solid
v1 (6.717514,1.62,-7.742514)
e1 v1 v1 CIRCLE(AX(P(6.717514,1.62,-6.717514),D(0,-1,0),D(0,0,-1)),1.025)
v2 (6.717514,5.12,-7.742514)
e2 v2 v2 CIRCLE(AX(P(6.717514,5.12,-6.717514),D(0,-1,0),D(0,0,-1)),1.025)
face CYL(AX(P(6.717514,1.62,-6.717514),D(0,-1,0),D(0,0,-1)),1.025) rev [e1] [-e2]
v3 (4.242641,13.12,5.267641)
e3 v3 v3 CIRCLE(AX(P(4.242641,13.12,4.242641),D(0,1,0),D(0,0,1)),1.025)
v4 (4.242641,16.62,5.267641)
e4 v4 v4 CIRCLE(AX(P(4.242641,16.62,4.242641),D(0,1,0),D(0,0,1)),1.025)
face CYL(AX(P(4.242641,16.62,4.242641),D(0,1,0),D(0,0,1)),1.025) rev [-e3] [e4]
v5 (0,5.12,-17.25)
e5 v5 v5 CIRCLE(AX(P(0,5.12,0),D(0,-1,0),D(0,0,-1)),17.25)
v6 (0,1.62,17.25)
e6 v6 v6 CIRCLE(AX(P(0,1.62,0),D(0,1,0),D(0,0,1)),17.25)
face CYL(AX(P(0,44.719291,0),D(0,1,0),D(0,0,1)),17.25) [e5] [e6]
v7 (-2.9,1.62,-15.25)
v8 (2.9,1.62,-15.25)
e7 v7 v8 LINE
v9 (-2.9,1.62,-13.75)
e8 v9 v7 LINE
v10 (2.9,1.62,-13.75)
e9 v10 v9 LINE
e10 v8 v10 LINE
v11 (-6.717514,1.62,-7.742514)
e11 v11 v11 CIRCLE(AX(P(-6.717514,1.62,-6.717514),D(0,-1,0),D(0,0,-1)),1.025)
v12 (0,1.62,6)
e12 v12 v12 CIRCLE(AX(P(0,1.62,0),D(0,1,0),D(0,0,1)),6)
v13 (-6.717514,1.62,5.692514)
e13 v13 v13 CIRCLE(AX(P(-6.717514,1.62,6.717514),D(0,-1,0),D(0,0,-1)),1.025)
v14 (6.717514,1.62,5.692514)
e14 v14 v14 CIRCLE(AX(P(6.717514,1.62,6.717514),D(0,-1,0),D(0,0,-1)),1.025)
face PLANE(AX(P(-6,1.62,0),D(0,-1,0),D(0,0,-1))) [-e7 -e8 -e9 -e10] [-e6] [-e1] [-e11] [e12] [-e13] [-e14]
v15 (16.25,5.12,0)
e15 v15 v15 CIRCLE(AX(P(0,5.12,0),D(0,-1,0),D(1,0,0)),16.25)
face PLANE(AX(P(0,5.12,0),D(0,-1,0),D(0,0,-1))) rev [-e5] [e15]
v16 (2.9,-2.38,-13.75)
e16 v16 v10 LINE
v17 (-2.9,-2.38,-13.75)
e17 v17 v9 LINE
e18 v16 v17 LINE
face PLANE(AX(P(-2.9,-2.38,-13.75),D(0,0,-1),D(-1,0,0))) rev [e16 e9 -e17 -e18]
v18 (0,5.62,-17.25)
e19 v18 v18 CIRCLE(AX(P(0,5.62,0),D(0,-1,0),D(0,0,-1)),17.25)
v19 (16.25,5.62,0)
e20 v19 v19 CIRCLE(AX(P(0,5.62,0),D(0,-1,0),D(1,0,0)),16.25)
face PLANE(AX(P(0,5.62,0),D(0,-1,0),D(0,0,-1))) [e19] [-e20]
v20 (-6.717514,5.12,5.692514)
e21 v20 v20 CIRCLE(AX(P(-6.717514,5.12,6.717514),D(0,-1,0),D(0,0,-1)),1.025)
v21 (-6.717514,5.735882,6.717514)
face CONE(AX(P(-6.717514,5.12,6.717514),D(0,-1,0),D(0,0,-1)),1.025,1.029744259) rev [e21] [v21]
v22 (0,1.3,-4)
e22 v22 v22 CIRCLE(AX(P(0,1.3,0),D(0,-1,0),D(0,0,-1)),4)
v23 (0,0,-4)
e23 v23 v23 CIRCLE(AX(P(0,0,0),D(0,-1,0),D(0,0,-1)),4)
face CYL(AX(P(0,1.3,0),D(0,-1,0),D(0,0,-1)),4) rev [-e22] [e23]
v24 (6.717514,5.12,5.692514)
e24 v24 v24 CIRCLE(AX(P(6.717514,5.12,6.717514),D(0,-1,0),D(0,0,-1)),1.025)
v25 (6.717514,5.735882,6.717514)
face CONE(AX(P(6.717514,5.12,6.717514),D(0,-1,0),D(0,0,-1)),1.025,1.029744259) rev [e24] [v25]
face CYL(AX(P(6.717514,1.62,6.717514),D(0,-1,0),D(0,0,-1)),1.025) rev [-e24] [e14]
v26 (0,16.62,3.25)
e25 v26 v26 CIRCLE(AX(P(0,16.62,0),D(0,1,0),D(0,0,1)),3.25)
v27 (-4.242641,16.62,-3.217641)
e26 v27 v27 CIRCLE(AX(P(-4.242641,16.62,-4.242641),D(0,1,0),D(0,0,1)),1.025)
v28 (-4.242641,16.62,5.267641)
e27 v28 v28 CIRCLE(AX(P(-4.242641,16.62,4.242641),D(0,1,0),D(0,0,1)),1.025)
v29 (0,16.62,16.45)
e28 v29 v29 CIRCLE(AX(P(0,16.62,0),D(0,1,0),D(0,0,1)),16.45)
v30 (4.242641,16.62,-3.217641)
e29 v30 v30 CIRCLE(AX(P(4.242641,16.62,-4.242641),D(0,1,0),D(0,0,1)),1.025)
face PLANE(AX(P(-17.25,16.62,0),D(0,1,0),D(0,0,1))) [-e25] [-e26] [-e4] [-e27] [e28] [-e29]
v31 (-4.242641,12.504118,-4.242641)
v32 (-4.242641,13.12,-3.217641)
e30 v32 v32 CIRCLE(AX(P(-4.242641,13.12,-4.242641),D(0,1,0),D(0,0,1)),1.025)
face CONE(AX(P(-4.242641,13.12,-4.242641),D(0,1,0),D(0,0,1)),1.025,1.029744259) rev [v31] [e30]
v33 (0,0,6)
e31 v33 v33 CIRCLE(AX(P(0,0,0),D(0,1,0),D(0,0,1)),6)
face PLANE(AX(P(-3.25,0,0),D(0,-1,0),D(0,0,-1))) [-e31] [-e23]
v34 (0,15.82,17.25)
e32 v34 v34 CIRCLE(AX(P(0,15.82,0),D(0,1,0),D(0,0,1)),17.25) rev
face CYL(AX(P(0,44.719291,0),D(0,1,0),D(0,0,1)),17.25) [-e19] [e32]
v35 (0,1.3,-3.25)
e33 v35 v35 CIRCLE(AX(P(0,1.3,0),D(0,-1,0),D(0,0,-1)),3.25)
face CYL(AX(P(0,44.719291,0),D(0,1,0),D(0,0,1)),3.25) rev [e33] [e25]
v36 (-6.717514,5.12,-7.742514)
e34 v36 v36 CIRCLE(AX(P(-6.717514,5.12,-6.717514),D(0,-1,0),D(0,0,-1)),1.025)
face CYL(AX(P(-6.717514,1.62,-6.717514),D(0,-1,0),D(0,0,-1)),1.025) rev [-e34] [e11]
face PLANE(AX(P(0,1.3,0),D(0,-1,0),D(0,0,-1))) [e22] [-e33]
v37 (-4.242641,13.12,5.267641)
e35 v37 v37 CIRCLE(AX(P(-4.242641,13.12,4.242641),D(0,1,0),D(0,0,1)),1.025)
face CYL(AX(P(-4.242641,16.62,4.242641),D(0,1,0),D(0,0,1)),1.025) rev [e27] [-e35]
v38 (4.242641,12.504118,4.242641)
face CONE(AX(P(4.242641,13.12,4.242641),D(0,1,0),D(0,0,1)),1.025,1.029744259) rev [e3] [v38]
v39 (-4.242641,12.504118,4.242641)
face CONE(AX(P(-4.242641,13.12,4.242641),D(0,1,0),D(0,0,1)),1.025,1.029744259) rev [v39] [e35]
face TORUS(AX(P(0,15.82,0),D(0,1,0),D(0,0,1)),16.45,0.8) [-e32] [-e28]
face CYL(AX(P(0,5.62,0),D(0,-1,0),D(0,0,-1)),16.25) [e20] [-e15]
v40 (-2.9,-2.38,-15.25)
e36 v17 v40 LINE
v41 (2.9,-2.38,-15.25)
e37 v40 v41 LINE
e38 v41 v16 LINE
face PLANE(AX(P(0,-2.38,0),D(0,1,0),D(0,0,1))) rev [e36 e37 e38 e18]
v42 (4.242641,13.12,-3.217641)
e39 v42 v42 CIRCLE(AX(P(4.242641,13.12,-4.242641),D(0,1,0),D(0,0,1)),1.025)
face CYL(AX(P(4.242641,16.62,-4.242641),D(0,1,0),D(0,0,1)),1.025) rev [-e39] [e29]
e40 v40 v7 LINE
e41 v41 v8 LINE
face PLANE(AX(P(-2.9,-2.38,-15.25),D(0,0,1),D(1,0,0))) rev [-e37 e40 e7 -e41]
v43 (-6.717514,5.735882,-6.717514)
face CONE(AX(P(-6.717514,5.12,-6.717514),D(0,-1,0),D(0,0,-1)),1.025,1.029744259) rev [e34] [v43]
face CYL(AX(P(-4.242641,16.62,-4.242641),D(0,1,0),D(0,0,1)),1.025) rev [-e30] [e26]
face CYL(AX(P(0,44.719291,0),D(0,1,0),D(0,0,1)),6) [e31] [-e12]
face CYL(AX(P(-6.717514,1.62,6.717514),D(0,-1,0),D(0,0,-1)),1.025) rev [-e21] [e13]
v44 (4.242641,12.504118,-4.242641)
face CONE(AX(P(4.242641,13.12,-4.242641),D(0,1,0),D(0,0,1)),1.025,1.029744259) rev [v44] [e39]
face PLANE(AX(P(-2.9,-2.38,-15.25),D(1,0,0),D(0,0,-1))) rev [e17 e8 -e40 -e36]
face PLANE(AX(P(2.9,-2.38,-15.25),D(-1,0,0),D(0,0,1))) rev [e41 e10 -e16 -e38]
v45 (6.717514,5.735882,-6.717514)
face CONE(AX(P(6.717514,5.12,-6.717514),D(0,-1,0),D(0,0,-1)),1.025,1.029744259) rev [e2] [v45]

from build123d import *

# Parameters (mm, degrees)
CUT_EXTRUDE_START        = -3.5
SKETCH_4_R               = 17.25
SKETCH_4_R_2             = 16.25
CUT_EXTRUDE_1_DEPTH      = 0.5
HOLE_WIZARD_M2_5_2_D     = 2.05
HOLE_WIZARD_M2_5_2_DEPTH = 3.5
HOLE_WIZARD_M2_5_2_TIP   = 0.615882135
SKETCH_9_W               = 5.8
SKETCH_9_H               = 1.5
EXTRUDE_1_DEPTH          = 4
HOLE_WIZARD_M2_5_1_D     = 2.05
HOLE_WIZARD_M2_5_1_DEPTH = 3.5
HOLE_WIZARD_M2_5_1_TIP   = 0.615882135
FILLET_1_R               = 0.8
SKETCH_14_R              = 4
CUT_EXTRUDE_1_2_DEPTH    = 1.3


with BuildPart() as part:
    # 草图1 → 旋转1 (revolve)
    with BuildSketch(Plane.XY):
        Polygon((-6, 0), (-6, 1.62), (-17.25, 1.62), (-17.25, 16.62), (-3.25, 16.62), (-3.25, 0), align=None)
    revolve(axis=Axis((0, 44.719290515, 0), (0, -1, 0)))

    # 草图4 → Cut-Extrude 1 (cut)
    with BuildSketch(Plane.XZ.offset(-1.62).offset(CUT_EXTRUDE_START)):
        Circle(SKETCH_4_R)
        Circle(SKETCH_4_R_2, mode=Mode.SUBTRACT)
    extrude(amount=-CUT_EXTRUDE_1_DEPTH, mode=Mode.SUBTRACT)

    # M2.5 螺纹孔2
    with Locations(Plane(origin=(0, 1.62, 0), x_dir=(-1, 0, 0), z_dir=(0, -1, 0))):
        with Locations((-6.717514421, 6.717514421), (-6.717514421, -6.717514421), (6.717514421, -6.717514421), (6.717514421, 6.717514421)):
            Hole(HOLE_WIZARD_M2_5_2_D / 2, depth=HOLE_WIZARD_M2_5_2_DEPTH)
            with Locations((0, 0, -(HOLE_WIZARD_M2_5_2_DEPTH + HOLE_WIZARD_M2_5_2_TIP / 2))):  # 118° drill point
                Cone(0, HOLE_WIZARD_M2_5_2_D / 2, HOLE_WIZARD_M2_5_2_TIP, mode=Mode.SUBTRACT)

    # 草图9 → 凸台-拉伸1 (add)
    with BuildSketch(Plane.XZ.offset(-1.62)):
        with Locations((0, -14.5)):
            Rectangle(SKETCH_9_W, SKETCH_9_H)
    extrude(amount=EXTRUDE_1_DEPTH)

    # M2.5 螺纹孔1
    with Locations(Plane(origin=(0, 16.62, 0), x_dir=(1, 0, 0), z_dir=(0, 1, 0))):
        with Locations((-4.242640687, 4.242640687), (4.242640687, 4.242640687), (4.242640687, -4.242640687), (-4.242640687, -4.242640687)):
            Hole(HOLE_WIZARD_M2_5_1_D / 2, depth=HOLE_WIZARD_M2_5_1_DEPTH)
            with Locations((0, 0, -(HOLE_WIZARD_M2_5_1_DEPTH + HOLE_WIZARD_M2_5_1_TIP / 2))):  # 118° drill point
                Cone(0, HOLE_WIZARD_M2_5_1_D / 2, HOLE_WIZARD_M2_5_1_TIP, mode=Mode.SUBTRACT)

    # 圆角1
    fillet_1_edges = [part.edges().sort_by_distance(p)[0] for p in [
        (17.25, 16.62, 0),
    ]]
    fillet(fillet_1_edges, radius=FILLET_1_R)

    # 草图14 → Cut-Extrude 1 2 (cut)
    with BuildSketch(Plane.XZ):
        Circle(SKETCH_14_R)
    extrude(amount=-CUT_EXTRUDE_1_2_DEPTH, mode=Mode.SUBTRACT)


solid = part.part
